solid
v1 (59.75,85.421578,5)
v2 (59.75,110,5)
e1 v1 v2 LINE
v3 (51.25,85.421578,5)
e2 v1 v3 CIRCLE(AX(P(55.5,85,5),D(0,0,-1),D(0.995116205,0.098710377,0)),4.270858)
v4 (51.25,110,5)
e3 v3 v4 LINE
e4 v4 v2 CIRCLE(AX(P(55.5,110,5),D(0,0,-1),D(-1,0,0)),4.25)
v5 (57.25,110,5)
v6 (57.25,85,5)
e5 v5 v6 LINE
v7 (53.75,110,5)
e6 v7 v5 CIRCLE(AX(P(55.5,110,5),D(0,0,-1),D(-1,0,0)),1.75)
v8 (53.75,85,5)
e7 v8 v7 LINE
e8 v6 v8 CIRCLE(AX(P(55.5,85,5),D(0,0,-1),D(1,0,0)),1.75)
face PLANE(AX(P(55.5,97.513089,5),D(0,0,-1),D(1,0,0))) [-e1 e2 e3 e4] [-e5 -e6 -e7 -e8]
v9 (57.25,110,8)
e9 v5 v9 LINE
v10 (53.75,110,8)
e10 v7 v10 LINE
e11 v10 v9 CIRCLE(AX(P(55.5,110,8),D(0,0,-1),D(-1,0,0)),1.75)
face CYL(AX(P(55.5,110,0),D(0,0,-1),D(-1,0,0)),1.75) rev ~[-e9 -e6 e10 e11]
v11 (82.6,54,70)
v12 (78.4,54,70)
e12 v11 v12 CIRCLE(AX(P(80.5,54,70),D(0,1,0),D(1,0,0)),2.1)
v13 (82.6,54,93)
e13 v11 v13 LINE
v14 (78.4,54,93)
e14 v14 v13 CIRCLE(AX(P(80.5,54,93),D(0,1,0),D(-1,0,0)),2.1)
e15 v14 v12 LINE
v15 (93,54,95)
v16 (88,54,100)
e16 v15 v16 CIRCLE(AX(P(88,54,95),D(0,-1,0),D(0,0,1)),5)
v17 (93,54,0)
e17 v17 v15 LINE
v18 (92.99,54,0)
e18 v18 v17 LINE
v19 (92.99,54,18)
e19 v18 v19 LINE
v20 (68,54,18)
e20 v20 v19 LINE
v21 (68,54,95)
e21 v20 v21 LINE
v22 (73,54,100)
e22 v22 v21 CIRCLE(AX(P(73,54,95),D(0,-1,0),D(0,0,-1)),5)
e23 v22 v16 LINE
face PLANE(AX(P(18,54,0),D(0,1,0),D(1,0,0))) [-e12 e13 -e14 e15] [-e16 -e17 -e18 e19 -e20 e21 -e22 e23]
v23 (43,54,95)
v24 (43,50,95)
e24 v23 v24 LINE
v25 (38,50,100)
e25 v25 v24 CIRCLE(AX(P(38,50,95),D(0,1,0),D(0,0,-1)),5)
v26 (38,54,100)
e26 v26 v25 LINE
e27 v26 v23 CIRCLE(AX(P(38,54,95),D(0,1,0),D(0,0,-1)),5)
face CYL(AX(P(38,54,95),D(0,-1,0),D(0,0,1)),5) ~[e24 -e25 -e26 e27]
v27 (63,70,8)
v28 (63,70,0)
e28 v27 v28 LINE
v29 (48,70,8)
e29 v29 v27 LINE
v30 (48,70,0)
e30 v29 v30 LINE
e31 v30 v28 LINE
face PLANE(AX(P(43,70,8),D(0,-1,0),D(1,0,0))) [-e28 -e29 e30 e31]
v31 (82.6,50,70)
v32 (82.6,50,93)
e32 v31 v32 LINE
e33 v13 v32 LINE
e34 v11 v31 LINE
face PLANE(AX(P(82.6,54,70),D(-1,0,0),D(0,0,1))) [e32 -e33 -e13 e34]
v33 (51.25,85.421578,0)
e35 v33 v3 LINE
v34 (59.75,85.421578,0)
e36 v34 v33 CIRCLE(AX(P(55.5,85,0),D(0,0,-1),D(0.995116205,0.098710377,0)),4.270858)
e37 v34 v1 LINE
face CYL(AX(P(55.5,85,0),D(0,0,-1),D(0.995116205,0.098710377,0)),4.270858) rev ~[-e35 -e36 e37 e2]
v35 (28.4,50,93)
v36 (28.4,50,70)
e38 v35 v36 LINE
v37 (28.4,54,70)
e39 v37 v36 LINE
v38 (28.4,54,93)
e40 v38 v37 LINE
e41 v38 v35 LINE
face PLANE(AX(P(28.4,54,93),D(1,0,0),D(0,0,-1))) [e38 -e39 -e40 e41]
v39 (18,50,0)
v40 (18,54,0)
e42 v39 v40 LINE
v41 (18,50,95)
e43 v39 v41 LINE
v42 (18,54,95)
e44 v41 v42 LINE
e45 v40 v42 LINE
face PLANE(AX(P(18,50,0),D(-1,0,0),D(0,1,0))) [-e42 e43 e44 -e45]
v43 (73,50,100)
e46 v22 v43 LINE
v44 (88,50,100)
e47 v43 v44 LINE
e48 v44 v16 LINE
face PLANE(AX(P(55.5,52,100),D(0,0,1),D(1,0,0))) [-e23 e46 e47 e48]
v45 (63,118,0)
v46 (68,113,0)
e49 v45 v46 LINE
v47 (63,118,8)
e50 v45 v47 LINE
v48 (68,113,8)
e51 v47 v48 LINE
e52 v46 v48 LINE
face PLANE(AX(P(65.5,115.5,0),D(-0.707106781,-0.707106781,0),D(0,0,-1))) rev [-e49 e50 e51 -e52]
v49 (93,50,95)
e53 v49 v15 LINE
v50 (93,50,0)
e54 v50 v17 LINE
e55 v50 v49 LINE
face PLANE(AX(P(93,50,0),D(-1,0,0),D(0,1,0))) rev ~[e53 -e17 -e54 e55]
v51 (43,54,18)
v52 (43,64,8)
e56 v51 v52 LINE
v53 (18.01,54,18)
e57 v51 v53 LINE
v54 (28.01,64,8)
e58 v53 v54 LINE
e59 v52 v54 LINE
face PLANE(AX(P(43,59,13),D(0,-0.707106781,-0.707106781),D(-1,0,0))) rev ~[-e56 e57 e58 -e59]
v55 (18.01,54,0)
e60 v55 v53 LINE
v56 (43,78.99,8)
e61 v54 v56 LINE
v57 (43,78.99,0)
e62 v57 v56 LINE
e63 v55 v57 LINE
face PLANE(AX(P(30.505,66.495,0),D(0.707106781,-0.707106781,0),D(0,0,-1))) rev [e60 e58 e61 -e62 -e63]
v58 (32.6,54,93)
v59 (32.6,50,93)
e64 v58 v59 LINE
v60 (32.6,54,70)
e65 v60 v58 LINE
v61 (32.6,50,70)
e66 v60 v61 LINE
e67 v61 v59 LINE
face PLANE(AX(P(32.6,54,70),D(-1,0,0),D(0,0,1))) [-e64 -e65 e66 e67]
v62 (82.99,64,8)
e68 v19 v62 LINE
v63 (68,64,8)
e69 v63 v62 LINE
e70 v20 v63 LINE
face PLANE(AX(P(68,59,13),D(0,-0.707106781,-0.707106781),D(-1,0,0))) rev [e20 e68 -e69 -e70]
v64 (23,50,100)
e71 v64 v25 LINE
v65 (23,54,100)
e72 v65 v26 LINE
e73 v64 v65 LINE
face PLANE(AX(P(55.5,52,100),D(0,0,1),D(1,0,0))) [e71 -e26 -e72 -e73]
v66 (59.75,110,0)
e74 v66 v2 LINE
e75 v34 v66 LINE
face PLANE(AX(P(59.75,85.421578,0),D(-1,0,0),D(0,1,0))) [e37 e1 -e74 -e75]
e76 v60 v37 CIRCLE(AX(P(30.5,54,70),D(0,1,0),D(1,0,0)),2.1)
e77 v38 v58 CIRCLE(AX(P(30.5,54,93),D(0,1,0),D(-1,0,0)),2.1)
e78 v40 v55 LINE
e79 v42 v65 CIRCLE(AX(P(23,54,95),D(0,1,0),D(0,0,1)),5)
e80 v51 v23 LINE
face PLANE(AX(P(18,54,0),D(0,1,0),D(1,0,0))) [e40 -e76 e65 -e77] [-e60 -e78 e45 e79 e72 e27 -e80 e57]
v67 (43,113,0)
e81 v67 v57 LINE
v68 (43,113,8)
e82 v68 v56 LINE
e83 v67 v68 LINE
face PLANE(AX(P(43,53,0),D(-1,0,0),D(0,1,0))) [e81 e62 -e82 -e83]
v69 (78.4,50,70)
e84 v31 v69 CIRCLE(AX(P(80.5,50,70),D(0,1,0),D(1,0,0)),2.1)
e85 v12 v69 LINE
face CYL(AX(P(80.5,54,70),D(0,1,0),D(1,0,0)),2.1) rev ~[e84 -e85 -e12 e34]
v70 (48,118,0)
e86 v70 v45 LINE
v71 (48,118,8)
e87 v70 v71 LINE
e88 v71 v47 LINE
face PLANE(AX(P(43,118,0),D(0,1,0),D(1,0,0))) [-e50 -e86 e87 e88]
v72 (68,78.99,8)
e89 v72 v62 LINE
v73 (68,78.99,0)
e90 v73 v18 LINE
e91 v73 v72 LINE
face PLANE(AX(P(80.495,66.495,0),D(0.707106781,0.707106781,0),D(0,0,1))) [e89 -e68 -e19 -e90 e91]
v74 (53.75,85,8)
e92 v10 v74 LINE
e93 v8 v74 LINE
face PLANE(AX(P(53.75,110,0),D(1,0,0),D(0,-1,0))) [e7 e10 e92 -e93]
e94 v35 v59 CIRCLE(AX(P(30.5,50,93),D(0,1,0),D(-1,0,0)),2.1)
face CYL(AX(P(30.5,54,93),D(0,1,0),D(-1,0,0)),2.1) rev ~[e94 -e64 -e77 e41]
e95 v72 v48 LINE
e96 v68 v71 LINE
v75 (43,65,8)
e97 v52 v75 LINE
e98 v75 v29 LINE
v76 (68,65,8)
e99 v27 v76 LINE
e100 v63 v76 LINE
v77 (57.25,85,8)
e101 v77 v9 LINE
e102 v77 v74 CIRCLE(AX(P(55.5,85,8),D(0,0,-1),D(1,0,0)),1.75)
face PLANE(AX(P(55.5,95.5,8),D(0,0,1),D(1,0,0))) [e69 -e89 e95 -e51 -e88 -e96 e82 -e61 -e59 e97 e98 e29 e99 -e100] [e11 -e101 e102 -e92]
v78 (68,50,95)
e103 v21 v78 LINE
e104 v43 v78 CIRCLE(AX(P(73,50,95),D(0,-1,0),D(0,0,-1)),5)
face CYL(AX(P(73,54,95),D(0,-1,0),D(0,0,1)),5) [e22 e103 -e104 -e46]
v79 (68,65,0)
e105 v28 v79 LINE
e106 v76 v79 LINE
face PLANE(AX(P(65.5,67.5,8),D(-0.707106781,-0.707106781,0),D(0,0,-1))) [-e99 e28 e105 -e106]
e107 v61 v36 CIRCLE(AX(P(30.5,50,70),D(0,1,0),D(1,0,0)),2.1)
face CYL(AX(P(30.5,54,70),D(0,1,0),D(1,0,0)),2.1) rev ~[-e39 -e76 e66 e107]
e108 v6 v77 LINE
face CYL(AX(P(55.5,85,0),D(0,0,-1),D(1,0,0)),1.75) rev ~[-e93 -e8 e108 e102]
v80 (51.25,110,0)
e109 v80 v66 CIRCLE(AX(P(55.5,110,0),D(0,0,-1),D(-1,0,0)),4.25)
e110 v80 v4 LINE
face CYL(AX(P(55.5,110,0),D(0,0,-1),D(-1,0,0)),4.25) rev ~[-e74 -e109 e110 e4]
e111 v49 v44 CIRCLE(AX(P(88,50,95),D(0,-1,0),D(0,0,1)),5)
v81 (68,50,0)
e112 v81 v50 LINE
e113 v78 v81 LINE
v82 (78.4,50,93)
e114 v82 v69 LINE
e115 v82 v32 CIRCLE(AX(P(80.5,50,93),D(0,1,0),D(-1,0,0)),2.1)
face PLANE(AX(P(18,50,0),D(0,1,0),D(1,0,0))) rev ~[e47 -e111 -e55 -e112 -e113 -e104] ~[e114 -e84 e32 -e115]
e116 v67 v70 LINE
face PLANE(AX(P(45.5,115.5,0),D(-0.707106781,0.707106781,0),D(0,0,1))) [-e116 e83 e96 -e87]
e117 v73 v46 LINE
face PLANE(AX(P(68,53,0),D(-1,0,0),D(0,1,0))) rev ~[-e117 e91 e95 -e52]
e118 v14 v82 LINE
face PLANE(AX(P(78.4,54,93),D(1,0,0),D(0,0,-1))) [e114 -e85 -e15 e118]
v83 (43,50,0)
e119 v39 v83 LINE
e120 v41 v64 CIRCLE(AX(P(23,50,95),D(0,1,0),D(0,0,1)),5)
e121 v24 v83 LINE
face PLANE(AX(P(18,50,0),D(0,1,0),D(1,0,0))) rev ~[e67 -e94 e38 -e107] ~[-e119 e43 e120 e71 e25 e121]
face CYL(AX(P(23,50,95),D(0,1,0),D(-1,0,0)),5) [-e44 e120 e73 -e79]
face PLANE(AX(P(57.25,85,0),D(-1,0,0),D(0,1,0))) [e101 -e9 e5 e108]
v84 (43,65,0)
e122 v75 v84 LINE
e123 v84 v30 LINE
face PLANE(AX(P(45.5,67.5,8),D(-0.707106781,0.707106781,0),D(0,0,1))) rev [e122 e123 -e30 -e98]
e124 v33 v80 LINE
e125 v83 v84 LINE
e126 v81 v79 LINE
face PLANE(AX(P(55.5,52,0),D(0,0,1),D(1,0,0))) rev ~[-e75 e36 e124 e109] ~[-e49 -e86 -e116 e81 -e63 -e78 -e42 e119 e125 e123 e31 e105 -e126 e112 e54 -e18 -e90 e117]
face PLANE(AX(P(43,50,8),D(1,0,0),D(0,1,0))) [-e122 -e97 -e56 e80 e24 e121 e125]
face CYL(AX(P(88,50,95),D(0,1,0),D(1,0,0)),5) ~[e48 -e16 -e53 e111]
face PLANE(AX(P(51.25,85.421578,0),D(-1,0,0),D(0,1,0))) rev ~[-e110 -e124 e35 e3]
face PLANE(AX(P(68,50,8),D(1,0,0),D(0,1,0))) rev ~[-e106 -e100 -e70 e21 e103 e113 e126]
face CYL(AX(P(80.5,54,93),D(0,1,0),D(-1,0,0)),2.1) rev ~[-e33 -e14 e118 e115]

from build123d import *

# Parameters (mm, degrees)
BOX009_W        = 25
BOX009_H        = 20
BOX009_DEPTH    = 8
BOX005_W        = 25
BOX005_H        = 85
BOX005_DEPTH    = 8
BOX002_W        = 75
BOX002_H        = 4
BOX002_DEPTH    = 100
SKETCH001_W     = 25
SKETCH001_H     = 92
POCKET001_DEPTH = 5
FILLET_R        = 5
CHAMFER_SIZE    = 24.99
SKETCH002_W     = 25
SKETCH002_H     = 20
POCKET002_DEPTH = 10
CHAMFER001_SIZE = 5
CHAMFER002_SIZE = 10
POCKET003_DEPTH = 11
POCKET004_DEPTH = 4.5
CHAMFER004_SIZE = 5
BOX008_W        = 25
BOX008_H        = 35
BOX008_DEPTH    = 8
CHAMFER005_SIZE = 5
POCKET006_DEPTH = 8
POCKET007_DEPTH = 5


with BuildPart() as box009:
    # Box009 → Box009 (new body)
    with BuildSketch(Plane(origin=(43, 118, 0), x_dir=(1, 0, 0), z_dir=(0, 0, 1))):
        with Locations((12.5, 10)):
            Rectangle(BOX009_W, BOX009_H)
    extrude(amount=BOX009_DEPTH)


with BuildPart() as box005:
    # Box005 → Box005 (new body)
    with BuildSketch(Plane(origin=(43, 53, 0), x_dir=(1, 0, 0), z_dir=(0, 0, 1))):
        with Locations((12.5, 42.5)):
            Rectangle(BOX005_W, BOX005_H)
    extrude(amount=BOX005_DEPTH)


with BuildPart() as chamfer004:
    # Box002 → Box002 (new body)
    with BuildSketch(Plane(origin=(18, 50, 0), x_dir=(1, 0, 0), z_dir=(0, 0, 1))):
        with Locations((37.5, 2)):
            Rectangle(BOX002_W, BOX002_H)
    extrude(amount=BOX002_DEPTH)

    # Sketch001 → Pocket001 (cut)
    with BuildSketch(Plane(origin=(18, 54, 0), x_dir=(-1, 0, 0), z_dir=(0, 1, 0))):
        with BuildLine():
            Line((-60.4, 93), (-60.4, 70))
            ThreePointArc((-64.6, 70), (-62.5, 67.9), (-60.4, 70))
            Line((-64.6, 70), (-64.6, 93))
            ThreePointArc((-60.4, 93), (-62.5, 95.1), (-64.6, 93))
        make_face()
        with BuildLine():
            Line((-10.4, 93), (-10.4, 70))
            ThreePointArc((-14.6, 70), (-12.5, 67.9), (-10.4, 70))
            Line((-14.6, 70), (-14.6, 93))
            ThreePointArc((-10.4, 93), (-12.5, 95.1), (-14.6, 93))
        make_face()
        with Locations((-37.5, 54)):
            Rectangle(SKETCH001_W, SKETCH001_H)
    extrude(amount=-POCKET001_DEPTH, mode=Mode.SUBTRACT)

    # Fillet
    fillet_edges = [chamfer004.edges().sort_by_distance(p)[0] for p in [
        (93, 52, 100),
        (68, 52, 100),
        (43, 52, 100),
        (18, 52, 100),
    ]]
    fillet(fillet_edges, radius=FILLET_R)

    # Fusion: union Box005
    add(box005.part)

    # Chamfer
    chamfer_edges = [chamfer004.edges().sort_by_distance(p)[0] for p in [
        (43, 54, 4),
        (68, 54, 4),
    ]]
    chamfer(chamfer_edges, length=CHAMFER_SIZE)

    # Sketch002 → Pocket002 (cut)
    with BuildSketch(Plane.XY.offset(8)):
        with Locations((55.5, 60)):
            Rectangle(SKETCH002_W, SKETCH002_H)
    extrude(amount=-POCKET002_DEPTH, mode=Mode.SUBTRACT)

    # Chamfer001
    chamfer001_edges = [chamfer004.edges().sort_by_distance(p)[0] for p in [
        (43, 70, 4),
        (68, 70, 4),
    ]]
    chamfer(chamfer001_edges, length=CHAMFER001_SIZE)

    # Chamfer002
    chamfer002_edges = [chamfer004.edges().sort_by_distance(p)[0] for p in [
        (80.495, 54, 8),
        (30.505, 54, 8),
    ]]
    chamfer(chamfer002_edges, length=CHAMFER002_SIZE)

    # Sketch003 → Pocket003 (cut)
    with BuildSketch(Plane(origin=(0, 0, 0), x_dir=(1, 0, 0), z_dir=(0, 0, -1))):
        with BuildLine():
            Line((57.2, -132), (57.2, -107))
            ThreePointArc((57.2, -107), (55.5, -105.3), (53.8, -107))
            Line((53.8, -107), (53.8, -132))
            ThreePointArc((53.8, -132), (55.5, -133.7), (57.2, -132))
        make_face()
    extrude(amount=-POCKET003_DEPTH, mode=Mode.SUBTRACT)

    # Sketch004 → Pocket004 (cut)
    with BuildSketch(Plane(origin=(0, 0, 0), x_dir=(1, 0, 0), z_dir=(0, 0, -1))):
        with BuildLine():
            Line((51.75, -132), (51.75, -107))
            ThreePointArc((59.25, -107), (55.5, -103.25), (51.75, -107))
            Line((59.25, -107), (59.25, -132))
            ThreePointArc((51.75, -132), (55.5, -135.75), (59.25, -132))
        make_face()
    extrude(amount=-POCKET004_DEPTH, mode=Mode.SUBTRACT)

    # Chamfer004
    chamfer004_edges = [chamfer004.edges().sort_by_distance(p)[0] for p in [
        (43, 138, 4),
        (68, 138, 4),
    ]]
    chamfer(chamfer004_edges, length=CHAMFER004_SIZE)


with BuildPart() as pocket007:
    # Box008 → Box008 (new body)
    with BuildSketch(Plane(origin=(43, 103, 0), x_dir=(1, 0, 0), z_dir=(0, 0, 1))):
        with Locations((12.5, 17.5)):
            Rectangle(BOX008_W, BOX008_H)
    extrude(amount=BOX008_DEPTH)

    # Fusion001: union Chamfer004
    add(chamfer004.part)

    # Cut001: cut Box009
    add(box009.part, mode=Mode.SUBTRACT)

    # Chamfer005
    chamfer005_edges = [pocket007.edges().sort_by_distance(p)[0] for p in [
        (43, 118, 4),
        (68, 118, 4),
    ]]
    chamfer(chamfer005_edges, length=CHAMFER005_SIZE)

    # Sketch006 → Pocket006 (cut)
    with BuildSketch(Plane(origin=(0, 0, 0), x_dir=(1, 0, 0), z_dir=(0, 0, -1))):
        with BuildLine():
            Line((57.25, -85), (57.25, -110))
            ThreePointArc((53.75, -110), (55.5, -111.75), (57.25, -110))
            Line((53.75, -110), (53.75, -85))
            ThreePointArc((57.25, -85), (55.5, -83.25), (53.75, -85))
        make_face()
    extrude(amount=-POCKET006_DEPTH, mode=Mode.SUBTRACT)

    # Sketch007 → Pocket007 (cut)
    with BuildSketch(Plane(origin=(0, 0, 0), x_dir=(1, 0, 0), z_dir=(0, 0, -1))):
        with BuildLine():
            ThreePointArc((59.75, -85.421578), (55.5, -80.729142), (51.25, -85.421578))
            Line((51.25, -85.421578), (51.25, -110))
            ThreePointArc((51.25, -110), (55.5, -114.25), (59.75, -110))
            Line((59.75, -85.421578), (59.75, -110))
        make_face()
    extrude(amount=-POCKET007_DEPTH, mode=Mode.SUBTRACT)


solid = pocket007.part
